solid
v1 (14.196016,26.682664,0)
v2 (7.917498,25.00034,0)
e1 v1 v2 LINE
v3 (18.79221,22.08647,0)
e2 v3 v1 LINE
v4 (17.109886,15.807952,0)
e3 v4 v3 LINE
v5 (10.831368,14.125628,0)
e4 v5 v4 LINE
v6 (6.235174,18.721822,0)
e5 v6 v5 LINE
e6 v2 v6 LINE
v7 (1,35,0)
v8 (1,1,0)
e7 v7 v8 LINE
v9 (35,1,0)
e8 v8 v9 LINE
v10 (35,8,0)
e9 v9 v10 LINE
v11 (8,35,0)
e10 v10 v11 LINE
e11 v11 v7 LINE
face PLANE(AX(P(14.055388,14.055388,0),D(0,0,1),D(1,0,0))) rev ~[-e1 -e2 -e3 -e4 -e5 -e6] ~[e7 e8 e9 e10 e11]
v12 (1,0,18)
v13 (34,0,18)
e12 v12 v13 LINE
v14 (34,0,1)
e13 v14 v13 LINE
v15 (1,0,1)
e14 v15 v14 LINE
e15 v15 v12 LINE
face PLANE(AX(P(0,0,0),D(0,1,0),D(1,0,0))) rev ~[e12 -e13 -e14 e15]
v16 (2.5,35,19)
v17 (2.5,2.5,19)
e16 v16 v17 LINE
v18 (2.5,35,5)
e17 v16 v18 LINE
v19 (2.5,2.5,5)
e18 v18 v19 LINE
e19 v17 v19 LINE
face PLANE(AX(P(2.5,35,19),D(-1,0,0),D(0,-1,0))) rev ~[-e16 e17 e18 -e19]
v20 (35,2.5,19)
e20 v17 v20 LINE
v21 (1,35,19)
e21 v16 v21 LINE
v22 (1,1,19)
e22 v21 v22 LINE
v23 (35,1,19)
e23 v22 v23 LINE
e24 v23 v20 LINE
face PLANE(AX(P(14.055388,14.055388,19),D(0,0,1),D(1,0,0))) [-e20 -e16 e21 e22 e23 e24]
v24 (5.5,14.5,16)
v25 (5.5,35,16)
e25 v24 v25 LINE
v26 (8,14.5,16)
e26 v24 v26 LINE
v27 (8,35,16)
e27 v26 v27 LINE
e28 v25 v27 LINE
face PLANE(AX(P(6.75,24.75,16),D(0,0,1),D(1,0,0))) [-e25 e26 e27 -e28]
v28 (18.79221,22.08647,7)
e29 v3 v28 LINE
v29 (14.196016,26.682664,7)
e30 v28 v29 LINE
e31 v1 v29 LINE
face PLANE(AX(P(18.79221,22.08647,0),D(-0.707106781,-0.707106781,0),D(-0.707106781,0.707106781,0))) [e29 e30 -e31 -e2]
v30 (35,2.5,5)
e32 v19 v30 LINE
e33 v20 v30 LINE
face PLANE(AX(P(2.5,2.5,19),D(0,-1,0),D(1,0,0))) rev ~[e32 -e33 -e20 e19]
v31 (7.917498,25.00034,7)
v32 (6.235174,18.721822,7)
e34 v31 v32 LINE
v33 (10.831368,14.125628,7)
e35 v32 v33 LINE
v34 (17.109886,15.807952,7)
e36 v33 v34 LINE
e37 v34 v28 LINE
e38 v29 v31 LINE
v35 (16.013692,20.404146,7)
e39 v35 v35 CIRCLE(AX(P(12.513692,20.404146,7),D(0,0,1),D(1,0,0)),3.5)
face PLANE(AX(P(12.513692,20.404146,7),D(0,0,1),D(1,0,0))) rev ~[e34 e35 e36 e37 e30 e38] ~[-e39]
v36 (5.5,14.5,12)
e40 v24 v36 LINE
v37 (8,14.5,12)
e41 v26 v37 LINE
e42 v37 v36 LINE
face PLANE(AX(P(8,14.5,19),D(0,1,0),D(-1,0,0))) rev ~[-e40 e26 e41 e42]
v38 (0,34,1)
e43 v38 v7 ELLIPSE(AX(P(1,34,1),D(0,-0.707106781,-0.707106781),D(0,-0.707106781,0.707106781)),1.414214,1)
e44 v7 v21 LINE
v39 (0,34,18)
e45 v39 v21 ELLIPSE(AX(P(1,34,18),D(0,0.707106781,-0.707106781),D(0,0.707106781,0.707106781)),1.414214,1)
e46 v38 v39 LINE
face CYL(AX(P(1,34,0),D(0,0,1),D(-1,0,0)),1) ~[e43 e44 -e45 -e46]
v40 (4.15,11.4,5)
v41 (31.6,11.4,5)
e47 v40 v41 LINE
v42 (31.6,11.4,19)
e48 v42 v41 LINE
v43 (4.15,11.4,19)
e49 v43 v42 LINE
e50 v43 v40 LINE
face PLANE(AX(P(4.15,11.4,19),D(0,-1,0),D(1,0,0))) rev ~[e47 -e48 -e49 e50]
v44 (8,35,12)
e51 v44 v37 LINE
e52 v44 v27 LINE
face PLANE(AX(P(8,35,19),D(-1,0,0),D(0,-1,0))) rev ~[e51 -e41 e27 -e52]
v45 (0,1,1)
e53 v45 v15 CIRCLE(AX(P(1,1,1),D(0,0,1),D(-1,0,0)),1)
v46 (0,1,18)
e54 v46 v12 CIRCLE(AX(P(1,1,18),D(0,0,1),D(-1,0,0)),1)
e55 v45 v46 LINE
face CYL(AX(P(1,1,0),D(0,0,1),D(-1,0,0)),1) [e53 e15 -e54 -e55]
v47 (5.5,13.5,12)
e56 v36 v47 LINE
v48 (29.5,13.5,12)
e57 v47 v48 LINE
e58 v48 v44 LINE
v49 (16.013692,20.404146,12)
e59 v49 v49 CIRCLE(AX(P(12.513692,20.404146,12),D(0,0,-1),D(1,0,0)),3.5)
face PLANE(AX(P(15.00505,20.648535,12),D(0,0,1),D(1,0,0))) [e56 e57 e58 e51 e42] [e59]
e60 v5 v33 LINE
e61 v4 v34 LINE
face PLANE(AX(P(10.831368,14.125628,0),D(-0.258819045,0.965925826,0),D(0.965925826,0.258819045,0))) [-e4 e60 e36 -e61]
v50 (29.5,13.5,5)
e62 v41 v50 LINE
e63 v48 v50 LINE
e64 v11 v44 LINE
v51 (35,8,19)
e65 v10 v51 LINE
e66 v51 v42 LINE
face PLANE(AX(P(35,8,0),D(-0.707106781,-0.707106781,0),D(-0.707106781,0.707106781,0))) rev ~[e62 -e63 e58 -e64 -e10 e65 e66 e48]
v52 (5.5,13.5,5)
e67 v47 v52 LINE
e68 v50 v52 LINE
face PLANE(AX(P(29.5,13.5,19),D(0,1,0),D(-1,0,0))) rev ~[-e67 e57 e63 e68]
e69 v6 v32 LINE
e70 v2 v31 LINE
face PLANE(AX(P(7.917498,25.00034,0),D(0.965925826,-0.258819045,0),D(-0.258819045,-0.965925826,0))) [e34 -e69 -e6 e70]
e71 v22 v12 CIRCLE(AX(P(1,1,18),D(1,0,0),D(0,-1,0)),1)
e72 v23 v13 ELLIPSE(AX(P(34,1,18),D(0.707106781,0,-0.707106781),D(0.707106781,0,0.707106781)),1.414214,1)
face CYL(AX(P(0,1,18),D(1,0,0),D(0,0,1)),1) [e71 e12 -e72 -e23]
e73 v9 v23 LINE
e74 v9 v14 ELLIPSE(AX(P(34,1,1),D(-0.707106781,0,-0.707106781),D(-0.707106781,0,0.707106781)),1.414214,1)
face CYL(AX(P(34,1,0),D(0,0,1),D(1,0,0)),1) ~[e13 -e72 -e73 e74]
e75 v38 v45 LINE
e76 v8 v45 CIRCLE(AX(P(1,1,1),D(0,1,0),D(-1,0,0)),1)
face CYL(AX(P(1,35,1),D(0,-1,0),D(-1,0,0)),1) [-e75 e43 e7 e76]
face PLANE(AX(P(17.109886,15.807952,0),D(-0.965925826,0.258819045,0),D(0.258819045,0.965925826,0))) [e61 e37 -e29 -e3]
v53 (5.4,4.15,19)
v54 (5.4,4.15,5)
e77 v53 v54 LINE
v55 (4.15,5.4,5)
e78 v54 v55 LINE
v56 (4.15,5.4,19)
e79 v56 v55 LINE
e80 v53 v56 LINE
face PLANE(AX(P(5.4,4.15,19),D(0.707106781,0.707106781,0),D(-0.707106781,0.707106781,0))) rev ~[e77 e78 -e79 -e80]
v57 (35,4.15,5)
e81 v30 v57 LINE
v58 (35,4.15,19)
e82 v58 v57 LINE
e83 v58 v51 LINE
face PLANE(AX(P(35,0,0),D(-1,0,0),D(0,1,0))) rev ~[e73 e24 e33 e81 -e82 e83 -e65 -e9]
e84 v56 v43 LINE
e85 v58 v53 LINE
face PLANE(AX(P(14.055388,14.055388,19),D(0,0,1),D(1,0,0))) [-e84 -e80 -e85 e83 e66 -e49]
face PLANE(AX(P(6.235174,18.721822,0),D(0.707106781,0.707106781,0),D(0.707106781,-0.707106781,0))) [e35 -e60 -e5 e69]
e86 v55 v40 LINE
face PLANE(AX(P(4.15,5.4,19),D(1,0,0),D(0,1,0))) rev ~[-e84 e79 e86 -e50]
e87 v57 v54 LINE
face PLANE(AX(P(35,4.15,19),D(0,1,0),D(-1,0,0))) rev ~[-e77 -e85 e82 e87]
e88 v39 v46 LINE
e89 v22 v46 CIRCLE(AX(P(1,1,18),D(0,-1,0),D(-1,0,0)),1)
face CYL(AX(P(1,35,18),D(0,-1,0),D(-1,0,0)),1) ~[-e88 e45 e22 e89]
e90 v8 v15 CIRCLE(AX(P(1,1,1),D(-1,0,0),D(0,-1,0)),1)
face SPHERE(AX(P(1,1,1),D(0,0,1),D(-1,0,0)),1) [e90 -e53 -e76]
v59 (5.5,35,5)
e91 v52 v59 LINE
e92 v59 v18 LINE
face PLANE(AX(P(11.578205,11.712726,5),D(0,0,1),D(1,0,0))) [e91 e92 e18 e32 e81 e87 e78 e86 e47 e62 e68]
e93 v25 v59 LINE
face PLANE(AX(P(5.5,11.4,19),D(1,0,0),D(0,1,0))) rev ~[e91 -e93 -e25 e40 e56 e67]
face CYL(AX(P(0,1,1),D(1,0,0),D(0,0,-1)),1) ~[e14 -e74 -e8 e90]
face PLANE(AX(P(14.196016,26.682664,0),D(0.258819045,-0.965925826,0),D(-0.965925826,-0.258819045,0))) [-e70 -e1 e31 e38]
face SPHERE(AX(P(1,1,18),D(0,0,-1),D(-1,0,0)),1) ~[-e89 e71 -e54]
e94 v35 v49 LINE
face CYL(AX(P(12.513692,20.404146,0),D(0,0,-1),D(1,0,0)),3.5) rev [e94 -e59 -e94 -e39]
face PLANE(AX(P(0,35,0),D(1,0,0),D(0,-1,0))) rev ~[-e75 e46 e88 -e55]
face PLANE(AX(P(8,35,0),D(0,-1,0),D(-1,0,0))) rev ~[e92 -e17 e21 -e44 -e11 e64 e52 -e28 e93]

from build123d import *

# Parameters (mm, degrees)
F1_DEPTH  = 19
F3_DEPTH  = 14
F4_R      = 3.5
F5_DEPTH  = 7
F6_DEPTH  = 7
F7_DEPTH  = 25
F8_DEPTH  = 14
F9_R      = 1
F2_W      = 2.5
F2_H      = 20.5
F10_DEPTH = 3


with BuildPart() as f1:
    # F0 (on Top) → F1 (new body)
    with BuildSketch(Plane.XY):
        Polygon((0, 35), (0, 0), (35, 0), (35, 8), (8, 35), align=None)
    extrude(amount=F1_DEPTH)

    # F2 (on face) → F3 (cut)
    with BuildSketch(Plane.XY.offset(19)):
        Polygon((2.5, 2.5), (35, 2.5), (35, 4.15), (5.4, 4.15), (4.15, 5.4), (4.15, 11.4), (5.5, 11.4), (5.5, 13.5), (5.5, 14.5), (5.5, 35), (2.5, 35), align=None)
    extrude(amount=-F3_DEPTH, mode=Mode.SUBTRACT)

    # F4 (on face) → F5 (cut)
    with BuildSketch(Plane.XY):
        Polygon((18.7922096033, 22.0864700531), (14.1960155256, 26.6826641308), (7.9174976548, 25.0003403376), (6.2351738616, 18.7218224668), (10.8313679393, 14.125628389), (17.1098858102, 15.8079521822), align=None)
        with Locations((12.5136917325, 20.4041462599)):
            Circle(F4_R, mode=Mode.SUBTRACT)
    extrude(amount=F5_DEPTH, mode=Mode.SUBTRACT)

    # F2 (on face) → F6 (cut)
    with BuildSketch(Plane.XY.offset(19)):
        Polygon((8, 14.5), (5.5, 14.5), (5.5, 13.5), (29.5, 13.5), (8, 35), align=None)
    extrude(amount=-F6_DEPTH, mode=Mode.SUBTRACT)

    # F4 (on face) → F7 (cut)
    with BuildSketch(Plane.XY):
        with Locations((12.5136917325, 20.4041462599)):
            Circle(F4_R)
    extrude(amount=F7_DEPTH, mode=Mode.SUBTRACT)

    # F2 (on face) → F8 (cut)
    with BuildSketch(Plane.XY.offset(19)):
        Polygon((2.5, 2.5), (35, 2.5), (35, 4.15), (5.4, 4.15), (4.15, 5.4), (4.15, 11.4), (5.5, 11.4), (5.5, 13.5), (5.5, 14.5), (5.5, 35), (2.5, 35), align=None)
        Polygon((5.5, 11.4), (31.6, 11.4), (29.5, 13.5), (5.5, 13.5), align=None)
    extrude(amount=-F8_DEPTH, mode=Mode.SUBTRACT)

    # F9
    f9_edges = [f1.edges().sort_by_distance(p)[0] for p in [
        (0, 35, 9.5),
        (0, 0, 9.5),
        (0, 17.5, 0),
        (0, 17.5, 19),
        (35, 0, 9.5),
        (17.5, 0, 0),
        (17.5, 0, 19),
    ]]
    fillet(f9_edges, radius=F9_R)

    # F2 (on face) → F10 (cut)
    with BuildSketch(Plane.XY.offset(19)):
        with Locations((6.75, 24.75)):
            Rectangle(F2_W, F2_H)
    extrude(amount=-F10_DEPTH, mode=Mode.SUBTRACT)


solid = f1.part
